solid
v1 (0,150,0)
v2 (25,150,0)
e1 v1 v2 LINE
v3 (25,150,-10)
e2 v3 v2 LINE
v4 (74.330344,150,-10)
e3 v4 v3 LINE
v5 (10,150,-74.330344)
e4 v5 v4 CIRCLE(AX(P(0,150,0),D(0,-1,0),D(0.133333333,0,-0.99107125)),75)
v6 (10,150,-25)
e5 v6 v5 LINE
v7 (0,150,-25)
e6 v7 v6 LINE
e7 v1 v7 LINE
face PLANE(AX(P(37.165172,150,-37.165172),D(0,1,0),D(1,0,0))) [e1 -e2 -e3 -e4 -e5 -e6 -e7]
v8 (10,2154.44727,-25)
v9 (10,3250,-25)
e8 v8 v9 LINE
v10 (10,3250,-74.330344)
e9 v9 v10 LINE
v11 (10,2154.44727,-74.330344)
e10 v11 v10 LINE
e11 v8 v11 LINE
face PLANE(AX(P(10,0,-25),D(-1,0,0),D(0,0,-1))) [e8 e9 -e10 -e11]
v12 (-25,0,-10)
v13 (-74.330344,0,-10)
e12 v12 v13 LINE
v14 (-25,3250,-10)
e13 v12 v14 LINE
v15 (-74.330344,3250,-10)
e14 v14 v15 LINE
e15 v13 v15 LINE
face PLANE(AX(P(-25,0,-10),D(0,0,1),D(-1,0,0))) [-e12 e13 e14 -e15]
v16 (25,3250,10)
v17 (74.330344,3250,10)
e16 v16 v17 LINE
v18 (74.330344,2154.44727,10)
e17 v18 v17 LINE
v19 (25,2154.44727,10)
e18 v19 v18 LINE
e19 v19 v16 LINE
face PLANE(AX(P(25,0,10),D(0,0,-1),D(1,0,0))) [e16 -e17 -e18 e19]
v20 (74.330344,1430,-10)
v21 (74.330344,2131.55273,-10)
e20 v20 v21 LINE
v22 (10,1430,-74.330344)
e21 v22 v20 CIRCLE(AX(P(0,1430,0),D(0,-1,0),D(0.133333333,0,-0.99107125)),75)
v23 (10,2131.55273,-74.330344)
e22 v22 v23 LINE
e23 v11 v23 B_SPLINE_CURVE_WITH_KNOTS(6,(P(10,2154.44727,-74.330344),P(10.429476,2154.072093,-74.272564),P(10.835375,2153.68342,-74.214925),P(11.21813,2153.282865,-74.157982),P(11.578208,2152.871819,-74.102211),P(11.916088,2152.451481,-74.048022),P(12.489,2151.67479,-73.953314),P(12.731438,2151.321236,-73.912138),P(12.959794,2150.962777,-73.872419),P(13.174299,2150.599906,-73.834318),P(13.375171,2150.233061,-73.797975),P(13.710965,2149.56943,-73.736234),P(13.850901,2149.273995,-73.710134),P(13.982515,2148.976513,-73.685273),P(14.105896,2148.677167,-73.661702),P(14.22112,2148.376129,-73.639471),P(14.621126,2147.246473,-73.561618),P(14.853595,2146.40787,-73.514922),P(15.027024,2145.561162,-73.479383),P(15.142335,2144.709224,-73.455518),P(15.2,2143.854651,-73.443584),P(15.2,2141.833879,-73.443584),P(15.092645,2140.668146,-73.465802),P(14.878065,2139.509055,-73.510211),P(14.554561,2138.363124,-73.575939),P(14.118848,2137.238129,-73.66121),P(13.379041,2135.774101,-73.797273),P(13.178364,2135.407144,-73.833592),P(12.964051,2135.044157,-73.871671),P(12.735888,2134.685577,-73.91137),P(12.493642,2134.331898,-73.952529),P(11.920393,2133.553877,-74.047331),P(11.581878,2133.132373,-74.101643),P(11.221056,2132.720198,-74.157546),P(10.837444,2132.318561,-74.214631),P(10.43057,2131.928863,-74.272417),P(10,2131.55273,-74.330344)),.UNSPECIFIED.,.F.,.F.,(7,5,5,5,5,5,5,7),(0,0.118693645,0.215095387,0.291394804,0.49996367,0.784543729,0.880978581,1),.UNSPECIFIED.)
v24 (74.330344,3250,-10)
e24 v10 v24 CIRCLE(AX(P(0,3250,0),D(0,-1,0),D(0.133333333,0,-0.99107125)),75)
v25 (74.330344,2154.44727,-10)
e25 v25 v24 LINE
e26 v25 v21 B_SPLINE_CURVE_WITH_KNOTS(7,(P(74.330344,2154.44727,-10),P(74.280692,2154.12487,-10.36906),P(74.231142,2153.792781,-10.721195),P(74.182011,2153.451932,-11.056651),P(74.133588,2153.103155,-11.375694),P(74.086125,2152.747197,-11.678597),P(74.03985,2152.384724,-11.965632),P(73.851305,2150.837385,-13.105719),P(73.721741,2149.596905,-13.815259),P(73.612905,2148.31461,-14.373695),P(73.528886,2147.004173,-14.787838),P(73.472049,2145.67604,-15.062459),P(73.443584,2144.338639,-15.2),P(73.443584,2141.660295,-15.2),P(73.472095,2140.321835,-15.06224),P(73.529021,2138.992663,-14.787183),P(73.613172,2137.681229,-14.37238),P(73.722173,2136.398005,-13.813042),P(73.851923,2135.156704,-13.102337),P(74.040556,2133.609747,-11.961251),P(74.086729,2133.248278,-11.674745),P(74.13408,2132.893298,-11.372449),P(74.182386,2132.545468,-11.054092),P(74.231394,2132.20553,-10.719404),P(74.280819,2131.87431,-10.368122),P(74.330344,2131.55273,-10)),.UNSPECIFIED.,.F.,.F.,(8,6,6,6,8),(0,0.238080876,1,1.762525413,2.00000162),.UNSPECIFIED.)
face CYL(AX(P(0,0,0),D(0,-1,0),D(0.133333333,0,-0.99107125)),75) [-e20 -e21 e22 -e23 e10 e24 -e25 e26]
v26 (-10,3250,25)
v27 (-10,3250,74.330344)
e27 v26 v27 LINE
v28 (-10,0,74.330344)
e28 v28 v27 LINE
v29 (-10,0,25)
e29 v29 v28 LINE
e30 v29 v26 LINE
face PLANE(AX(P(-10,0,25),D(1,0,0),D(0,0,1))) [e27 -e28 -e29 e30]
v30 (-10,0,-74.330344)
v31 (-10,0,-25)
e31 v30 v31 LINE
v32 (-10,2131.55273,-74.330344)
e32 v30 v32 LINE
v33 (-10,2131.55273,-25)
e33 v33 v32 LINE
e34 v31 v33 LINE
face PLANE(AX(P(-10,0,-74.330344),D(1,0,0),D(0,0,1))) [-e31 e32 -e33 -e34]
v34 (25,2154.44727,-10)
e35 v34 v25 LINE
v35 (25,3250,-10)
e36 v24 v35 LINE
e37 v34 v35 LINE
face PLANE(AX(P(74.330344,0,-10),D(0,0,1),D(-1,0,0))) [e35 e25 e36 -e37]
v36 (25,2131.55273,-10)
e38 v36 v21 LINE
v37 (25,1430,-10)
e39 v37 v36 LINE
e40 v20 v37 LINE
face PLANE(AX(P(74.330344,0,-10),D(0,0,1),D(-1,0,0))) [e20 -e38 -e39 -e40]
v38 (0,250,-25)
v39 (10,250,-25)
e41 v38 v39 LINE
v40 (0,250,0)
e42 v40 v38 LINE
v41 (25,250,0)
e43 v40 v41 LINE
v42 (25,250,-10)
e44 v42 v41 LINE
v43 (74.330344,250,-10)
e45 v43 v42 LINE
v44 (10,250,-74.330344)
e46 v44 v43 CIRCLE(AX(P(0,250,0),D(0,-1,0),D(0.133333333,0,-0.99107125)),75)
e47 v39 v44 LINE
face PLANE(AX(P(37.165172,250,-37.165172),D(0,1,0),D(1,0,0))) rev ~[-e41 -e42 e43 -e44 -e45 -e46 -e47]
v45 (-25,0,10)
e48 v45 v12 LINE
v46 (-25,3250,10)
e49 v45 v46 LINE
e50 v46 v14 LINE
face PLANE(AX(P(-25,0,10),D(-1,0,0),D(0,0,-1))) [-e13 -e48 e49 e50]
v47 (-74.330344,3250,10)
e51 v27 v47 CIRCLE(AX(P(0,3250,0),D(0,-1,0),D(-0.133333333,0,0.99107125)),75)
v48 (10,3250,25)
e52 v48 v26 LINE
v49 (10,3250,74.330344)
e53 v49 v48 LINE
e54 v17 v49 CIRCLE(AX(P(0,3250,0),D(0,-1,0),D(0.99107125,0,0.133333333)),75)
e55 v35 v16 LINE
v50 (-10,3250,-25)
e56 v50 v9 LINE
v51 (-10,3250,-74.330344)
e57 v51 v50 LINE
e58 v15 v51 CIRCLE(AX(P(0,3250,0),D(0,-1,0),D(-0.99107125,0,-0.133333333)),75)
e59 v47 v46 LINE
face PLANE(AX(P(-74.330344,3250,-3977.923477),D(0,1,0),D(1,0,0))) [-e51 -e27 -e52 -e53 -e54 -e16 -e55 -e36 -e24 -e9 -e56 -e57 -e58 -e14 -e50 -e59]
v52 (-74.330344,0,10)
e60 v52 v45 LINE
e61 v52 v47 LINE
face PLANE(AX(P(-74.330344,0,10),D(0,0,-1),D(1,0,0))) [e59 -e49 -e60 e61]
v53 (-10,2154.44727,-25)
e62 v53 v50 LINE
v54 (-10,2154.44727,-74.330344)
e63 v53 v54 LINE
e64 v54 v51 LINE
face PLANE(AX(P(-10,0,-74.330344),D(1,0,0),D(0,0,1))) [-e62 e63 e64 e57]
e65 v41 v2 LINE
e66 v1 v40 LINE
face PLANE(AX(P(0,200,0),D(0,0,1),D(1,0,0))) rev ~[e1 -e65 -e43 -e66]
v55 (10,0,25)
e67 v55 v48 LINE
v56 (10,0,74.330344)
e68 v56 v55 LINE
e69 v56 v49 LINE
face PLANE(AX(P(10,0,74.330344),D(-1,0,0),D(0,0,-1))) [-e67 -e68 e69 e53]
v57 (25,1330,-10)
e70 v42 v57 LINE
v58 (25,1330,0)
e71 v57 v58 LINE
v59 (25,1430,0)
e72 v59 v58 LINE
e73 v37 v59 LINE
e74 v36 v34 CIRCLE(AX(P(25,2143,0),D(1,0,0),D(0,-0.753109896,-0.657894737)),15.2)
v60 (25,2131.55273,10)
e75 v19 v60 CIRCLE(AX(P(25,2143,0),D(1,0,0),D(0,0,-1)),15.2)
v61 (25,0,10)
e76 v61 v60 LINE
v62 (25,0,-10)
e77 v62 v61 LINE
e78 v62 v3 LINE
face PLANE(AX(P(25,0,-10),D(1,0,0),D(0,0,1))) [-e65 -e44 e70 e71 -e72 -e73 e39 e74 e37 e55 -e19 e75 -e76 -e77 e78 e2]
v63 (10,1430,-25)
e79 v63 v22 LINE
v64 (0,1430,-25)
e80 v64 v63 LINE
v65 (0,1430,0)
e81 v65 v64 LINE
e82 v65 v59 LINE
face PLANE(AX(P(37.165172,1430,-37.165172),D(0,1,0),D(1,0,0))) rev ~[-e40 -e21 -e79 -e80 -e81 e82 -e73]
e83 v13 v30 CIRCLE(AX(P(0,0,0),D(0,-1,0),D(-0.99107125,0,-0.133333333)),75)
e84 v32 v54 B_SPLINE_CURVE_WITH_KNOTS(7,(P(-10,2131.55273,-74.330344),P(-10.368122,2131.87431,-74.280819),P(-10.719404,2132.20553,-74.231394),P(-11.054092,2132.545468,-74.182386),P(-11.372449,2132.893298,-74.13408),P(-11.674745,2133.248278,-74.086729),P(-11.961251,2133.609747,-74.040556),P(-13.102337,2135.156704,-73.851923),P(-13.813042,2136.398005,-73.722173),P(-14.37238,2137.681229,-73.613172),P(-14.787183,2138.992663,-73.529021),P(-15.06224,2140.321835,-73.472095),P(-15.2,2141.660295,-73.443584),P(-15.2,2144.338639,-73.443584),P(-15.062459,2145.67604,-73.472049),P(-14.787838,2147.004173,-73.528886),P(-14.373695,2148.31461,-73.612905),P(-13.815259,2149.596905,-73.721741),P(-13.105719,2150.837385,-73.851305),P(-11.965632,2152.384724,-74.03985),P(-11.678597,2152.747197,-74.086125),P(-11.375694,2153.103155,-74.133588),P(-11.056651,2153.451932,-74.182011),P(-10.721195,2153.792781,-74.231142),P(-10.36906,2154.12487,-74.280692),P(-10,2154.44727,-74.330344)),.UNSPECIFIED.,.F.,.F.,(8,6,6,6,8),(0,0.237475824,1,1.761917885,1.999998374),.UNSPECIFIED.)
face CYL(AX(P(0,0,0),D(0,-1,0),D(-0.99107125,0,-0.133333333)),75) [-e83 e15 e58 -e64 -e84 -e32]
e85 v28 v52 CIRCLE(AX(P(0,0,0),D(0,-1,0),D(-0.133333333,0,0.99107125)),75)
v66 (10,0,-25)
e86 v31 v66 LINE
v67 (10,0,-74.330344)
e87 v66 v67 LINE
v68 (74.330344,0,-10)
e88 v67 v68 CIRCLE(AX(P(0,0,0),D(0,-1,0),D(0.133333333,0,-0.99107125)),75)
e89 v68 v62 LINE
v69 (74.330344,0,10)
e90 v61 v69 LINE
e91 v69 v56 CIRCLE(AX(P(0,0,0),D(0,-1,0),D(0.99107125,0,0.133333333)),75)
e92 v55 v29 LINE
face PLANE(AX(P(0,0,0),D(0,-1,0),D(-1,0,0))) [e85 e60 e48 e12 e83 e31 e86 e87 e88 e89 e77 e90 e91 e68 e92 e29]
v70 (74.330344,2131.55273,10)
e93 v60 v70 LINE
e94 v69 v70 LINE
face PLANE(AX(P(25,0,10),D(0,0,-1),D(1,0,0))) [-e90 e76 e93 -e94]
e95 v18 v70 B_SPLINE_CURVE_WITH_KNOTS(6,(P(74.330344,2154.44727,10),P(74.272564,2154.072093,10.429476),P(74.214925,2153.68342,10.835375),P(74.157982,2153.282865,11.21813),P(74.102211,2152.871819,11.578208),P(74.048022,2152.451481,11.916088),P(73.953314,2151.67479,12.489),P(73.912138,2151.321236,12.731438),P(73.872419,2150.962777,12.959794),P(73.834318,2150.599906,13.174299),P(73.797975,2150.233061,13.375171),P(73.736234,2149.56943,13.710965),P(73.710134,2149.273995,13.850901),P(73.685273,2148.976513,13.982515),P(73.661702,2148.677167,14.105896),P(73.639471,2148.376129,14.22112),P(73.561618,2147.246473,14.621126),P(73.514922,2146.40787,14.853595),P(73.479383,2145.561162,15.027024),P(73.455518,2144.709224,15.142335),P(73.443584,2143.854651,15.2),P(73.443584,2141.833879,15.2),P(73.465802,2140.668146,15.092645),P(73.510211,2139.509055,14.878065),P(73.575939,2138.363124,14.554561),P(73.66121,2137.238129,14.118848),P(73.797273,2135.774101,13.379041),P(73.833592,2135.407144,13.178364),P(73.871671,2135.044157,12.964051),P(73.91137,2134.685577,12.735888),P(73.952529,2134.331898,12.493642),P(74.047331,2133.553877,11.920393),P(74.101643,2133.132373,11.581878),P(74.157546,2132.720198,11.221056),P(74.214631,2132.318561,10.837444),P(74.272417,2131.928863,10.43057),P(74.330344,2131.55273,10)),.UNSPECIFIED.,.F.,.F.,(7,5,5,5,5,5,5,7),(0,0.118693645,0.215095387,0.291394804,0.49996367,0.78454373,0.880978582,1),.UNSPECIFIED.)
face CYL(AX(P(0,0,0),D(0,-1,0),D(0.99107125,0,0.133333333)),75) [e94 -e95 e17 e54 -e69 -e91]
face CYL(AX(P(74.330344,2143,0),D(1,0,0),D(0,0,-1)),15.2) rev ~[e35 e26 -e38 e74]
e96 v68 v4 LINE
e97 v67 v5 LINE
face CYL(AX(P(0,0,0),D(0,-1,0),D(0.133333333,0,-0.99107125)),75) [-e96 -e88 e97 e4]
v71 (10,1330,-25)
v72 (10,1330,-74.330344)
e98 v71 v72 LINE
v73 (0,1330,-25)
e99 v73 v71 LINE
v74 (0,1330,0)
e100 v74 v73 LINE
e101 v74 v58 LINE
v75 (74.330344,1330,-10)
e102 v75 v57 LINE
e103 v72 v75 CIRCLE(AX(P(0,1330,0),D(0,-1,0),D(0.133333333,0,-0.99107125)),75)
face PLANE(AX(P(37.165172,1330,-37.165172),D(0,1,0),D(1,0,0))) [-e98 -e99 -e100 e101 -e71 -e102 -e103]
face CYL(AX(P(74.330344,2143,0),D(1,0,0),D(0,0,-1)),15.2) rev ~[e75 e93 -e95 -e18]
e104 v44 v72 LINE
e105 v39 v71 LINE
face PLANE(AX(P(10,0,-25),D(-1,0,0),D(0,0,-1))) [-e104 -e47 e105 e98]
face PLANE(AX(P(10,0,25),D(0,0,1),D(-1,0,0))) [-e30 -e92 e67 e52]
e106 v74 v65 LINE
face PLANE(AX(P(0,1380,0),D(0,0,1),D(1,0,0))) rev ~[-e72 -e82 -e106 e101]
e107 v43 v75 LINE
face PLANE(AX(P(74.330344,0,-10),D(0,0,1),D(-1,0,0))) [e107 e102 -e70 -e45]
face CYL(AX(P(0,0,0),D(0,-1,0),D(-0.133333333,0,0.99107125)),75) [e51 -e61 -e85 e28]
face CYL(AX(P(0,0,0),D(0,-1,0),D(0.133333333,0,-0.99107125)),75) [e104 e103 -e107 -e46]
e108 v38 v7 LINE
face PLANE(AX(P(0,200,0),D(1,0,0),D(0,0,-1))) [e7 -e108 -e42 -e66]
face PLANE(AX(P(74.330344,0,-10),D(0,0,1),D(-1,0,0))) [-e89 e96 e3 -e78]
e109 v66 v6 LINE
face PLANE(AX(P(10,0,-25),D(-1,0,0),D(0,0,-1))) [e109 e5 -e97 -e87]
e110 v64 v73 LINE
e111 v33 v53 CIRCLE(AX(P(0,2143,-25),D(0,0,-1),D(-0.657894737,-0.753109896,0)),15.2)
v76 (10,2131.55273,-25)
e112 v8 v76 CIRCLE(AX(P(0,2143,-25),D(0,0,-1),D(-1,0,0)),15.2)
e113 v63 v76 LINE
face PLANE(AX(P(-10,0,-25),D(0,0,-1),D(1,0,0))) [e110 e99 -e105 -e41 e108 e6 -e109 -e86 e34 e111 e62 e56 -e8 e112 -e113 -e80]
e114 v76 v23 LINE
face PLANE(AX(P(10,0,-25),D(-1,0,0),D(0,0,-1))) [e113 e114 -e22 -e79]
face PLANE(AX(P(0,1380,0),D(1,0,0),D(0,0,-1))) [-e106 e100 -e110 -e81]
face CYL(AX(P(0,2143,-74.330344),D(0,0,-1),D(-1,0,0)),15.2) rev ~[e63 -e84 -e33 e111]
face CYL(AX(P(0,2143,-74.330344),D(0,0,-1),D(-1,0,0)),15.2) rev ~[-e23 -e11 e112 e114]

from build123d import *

# Parameters (mm, degrees)
BOSS_EXTRUDE2_DEPTH     = 4000
CUT_EXTRUDE1_START      = 200
SKETCH2_W               = 74.330343737
SKETCH2_H               = 74.330343737
CUT_EXTRUDE1_DEPTH      = 50
CUT_EXTRUDE2_START      = 1380
SKETCH2_2_W             = 74.330343737
SKETCH2_2_H             = 74.330343737
CUT_EXTRUDE2_DEPTH      = 50
SKETCH3_R               = 15.2
CUT_EXTRUDE3_DEPTH      = 49.330343737
SKETCH4_R               = 15.2
CUT_EXTRUDE4_DEPTH      = 49.330343737
CUT_EXTRUDE5_DEPTH      = 4002.923477282
CUT_EXTRUDE5_DEPTH_BACK = 4002.923477282
SKETCH5_W               = 148.660687474
SKETCH5_H               = 750


with BuildPart() as part:
    # Sketch1 → Boss-Extrude2 (new body)
    with BuildSketch(Plane(origin=(0, 0, 0), x_dir=(1, 0, 0), z_dir=(0, 1, 0))):
        with BuildLine():
            Line((-10, 74.330343737), (-10, 25))
            Line((-10, 25), (10, 25))
            Line((10, 25), (10, 74.330343737))
            ThreePointArc((10, 74.330343737), (53.033008589, 53.033008589), (74.330343737, 10))
            Line((74.330343737, 10), (25, 10))
            Line((25, 10), (25, -10))
            Line((25, -10), (74.330343737, -10))
            ThreePointArc((74.330343737, -10), (53.033008589, -53.033008589), (10, -74.330343737))
            Line((10, -74.330343737), (10, -25))
            Line((10, -25), (-10, -25))
            Line((-10, -25), (-10, -74.330343737))
            ThreePointArc((-10, -74.330343737), (-53.033008589, -53.033008589), (-74.330343737, -10))
            Line((-74.330343737, -10), (-25, -10))
            Line((-25, -10), (-25, 10))
            Line((-25, 10), (-74.330343737, 10))
            ThreePointArc((-74.330343737, 10), (-53.033008589, 53.033008589), (-10, 74.330343737))
        make_face()
    extrude(amount=BOSS_EXTRUDE2_DEPTH)

    # Sketch2 → Cut-Extrude1 (cut, symmetric)
    with BuildSketch(Plane(origin=(0, 0, 0), x_dir=(1, 0, 0), z_dir=(0, 1, 0)).offset(CUT_EXTRUDE1_START)):
        with Locations((37.165171869, 37.165171869)):
            Rectangle(SKETCH2_W, SKETCH2_H)
    extrude(amount=CUT_EXTRUDE1_DEPTH, both=True, mode=Mode.SUBTRACT)

    # Sketch2<2> → Cut-Extrude2 (cut, symmetric)
    with BuildSketch(Plane(origin=(0, 0, 0), x_dir=(1, 0, 0), z_dir=(0, 1, 0)).offset(CUT_EXTRUDE2_START)):
        with Locations((37.165171869, 37.165171869)):
            Rectangle(SKETCH2_2_W, SKETCH2_2_H)
    extrude(amount=CUT_EXTRUDE2_DEPTH, both=True, mode=Mode.SUBTRACT)

    # Sketch3 → Cut-Extrude3 (cut)
    with BuildSketch(Plane(origin=(74.330343737, 0, 0), x_dir=(0, 0, -1), z_dir=(1, 0, 0))):
        with Locations((0, 2143)):
            Circle(SKETCH3_R)
    extrude(amount=-CUT_EXTRUDE3_DEPTH, mode=Mode.SUBTRACT)

    # Sketch4 → Cut-Extrude4 (cut)
    with BuildSketch(Plane(origin=(0, 0, -74.330343737), x_dir=(-1, 0, 0), z_dir=(0, 0, -1))):
        with Locations((0, 2143)):
            Circle(SKETCH4_R)
    extrude(amount=-CUT_EXTRUDE4_DEPTH, mode=Mode.SUBTRACT)

    # Sketch5 → Cut-Extrude5 (cut, two sides: drawn at the far end of the back side and taken through both)
    with BuildSketch(Plane.XY.offset(25).offset(-CUT_EXTRUDE5_DEPTH_BACK)):
        with Locations((0, 3625)):
            Rectangle(SKETCH5_W, SKETCH5_H)
    extrude(amount=CUT_EXTRUDE5_DEPTH + CUT_EXTRUDE5_DEPTH_BACK, mode=Mode.SUBTRACT)


solid = part.part
